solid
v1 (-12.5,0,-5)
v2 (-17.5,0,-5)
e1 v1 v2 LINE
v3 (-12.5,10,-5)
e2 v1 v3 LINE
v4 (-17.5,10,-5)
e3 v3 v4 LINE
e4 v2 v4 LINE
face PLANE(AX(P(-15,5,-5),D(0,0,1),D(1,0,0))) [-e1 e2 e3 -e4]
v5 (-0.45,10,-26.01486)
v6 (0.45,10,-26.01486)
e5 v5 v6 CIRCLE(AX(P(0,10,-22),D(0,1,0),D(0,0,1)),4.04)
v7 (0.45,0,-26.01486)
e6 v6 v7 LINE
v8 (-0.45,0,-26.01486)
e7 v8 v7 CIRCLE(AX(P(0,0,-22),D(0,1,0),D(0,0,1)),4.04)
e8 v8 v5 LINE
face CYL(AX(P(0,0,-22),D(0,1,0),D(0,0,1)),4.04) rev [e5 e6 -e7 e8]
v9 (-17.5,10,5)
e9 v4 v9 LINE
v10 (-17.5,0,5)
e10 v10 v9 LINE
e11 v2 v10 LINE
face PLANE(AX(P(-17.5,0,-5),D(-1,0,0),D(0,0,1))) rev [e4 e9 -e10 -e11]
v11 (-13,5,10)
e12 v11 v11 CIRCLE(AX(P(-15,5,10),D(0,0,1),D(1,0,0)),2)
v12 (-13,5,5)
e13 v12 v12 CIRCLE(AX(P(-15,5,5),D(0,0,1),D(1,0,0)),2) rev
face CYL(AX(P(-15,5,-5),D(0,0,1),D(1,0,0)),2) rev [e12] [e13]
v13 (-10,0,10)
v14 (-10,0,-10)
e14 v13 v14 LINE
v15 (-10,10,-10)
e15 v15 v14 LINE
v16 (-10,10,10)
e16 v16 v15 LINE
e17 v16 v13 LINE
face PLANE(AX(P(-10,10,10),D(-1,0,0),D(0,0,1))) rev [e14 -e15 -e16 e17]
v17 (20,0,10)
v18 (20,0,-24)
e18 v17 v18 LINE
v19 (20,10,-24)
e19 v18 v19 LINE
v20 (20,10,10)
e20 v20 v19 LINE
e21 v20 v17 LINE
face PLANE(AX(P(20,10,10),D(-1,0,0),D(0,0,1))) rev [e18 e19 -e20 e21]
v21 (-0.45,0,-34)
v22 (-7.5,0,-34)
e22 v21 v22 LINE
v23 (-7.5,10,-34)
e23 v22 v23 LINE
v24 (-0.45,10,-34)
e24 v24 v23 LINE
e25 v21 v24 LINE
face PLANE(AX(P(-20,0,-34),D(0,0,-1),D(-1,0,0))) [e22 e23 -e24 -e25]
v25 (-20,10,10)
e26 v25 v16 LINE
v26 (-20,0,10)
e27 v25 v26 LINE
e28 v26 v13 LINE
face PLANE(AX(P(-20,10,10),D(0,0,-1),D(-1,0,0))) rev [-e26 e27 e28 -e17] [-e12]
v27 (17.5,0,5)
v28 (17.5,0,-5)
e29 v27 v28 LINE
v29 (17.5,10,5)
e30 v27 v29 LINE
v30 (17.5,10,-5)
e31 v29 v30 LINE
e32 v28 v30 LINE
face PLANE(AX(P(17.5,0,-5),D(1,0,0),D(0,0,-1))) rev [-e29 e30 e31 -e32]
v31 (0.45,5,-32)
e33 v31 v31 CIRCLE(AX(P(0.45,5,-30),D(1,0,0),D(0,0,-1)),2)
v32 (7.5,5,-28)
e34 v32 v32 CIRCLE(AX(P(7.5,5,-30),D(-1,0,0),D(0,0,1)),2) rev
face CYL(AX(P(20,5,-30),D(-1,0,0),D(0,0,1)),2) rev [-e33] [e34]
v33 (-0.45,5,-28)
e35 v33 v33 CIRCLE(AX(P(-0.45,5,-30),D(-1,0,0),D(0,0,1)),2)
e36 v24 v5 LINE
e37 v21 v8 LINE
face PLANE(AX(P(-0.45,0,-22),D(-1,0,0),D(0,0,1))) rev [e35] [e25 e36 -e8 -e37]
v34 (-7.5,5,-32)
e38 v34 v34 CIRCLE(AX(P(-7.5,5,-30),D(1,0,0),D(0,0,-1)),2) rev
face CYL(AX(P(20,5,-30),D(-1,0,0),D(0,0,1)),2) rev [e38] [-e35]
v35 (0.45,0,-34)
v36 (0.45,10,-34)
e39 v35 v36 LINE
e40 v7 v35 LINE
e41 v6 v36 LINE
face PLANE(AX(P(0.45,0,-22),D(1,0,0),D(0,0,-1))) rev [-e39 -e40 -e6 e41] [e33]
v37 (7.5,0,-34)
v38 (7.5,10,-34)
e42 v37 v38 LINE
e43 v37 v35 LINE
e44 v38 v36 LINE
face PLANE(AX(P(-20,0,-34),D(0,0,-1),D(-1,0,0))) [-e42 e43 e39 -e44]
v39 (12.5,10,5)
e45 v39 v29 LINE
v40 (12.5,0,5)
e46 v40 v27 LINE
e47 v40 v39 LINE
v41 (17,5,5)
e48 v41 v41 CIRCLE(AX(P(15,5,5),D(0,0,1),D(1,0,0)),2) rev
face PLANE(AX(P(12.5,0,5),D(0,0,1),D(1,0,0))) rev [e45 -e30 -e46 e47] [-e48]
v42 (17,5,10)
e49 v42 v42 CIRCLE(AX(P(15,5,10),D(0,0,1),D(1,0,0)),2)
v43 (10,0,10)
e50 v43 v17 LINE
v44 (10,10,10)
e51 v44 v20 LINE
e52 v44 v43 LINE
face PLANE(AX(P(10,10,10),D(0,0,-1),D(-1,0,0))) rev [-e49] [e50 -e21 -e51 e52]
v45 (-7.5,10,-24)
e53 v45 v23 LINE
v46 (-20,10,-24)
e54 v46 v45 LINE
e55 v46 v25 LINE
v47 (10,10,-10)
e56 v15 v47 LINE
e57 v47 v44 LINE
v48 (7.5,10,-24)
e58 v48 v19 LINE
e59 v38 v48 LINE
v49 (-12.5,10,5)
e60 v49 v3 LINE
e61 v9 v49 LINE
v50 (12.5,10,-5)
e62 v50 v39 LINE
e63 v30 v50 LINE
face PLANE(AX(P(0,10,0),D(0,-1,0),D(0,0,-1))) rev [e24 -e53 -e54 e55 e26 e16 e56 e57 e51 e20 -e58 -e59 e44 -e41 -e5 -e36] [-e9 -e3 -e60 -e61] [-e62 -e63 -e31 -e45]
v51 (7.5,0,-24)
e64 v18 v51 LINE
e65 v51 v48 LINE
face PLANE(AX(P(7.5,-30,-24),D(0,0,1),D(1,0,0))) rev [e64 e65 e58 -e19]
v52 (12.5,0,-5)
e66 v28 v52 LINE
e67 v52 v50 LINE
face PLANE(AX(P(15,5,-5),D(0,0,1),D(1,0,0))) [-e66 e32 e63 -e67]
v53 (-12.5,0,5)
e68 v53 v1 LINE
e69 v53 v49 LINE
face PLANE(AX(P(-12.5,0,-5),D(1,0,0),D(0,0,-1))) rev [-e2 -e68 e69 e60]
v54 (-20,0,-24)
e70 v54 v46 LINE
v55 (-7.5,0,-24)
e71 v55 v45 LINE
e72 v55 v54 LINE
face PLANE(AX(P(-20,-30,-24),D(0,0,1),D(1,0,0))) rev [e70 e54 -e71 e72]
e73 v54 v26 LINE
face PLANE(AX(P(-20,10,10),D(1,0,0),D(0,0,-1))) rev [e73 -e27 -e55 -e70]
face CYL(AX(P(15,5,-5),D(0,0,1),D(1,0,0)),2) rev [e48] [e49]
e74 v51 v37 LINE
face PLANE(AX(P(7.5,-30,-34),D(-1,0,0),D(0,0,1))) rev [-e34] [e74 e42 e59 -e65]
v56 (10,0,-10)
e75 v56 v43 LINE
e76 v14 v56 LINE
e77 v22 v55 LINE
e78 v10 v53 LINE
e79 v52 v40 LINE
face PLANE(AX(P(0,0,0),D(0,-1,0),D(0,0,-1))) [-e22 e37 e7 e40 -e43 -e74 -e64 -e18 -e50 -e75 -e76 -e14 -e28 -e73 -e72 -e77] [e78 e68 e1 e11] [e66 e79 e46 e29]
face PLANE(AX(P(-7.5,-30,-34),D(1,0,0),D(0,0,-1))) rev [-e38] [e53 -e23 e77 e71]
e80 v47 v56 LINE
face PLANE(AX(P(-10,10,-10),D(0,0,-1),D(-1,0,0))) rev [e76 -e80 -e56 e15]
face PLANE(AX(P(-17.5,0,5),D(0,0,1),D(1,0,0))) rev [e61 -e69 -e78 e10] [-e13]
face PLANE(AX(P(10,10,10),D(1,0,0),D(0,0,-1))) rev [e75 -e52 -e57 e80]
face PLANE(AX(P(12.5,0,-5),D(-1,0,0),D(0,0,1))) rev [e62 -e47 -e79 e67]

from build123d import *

# Parameters (mm, degrees)
BOSS_EXTRUDE1_DEPTH = 10
SKETCH2_R           = 2
CUT_EXTRUDE1_DEPTH  = 15
SKETCH3_R           = 2
CUT_EXTRUDE2_DEPTH  = 11
SKETCH4_W           = 40
SKETCH4_H           = 24
BOSS_EXTRUDE2_DEPTH = 10
SKETCH5_R           = 4.04
CUT_EXTRUDE3_DEPTH  = 41.693979899
SKETCH6_W           = 0.9
SKETCH6_H           = 12
CUT_EXTRUDE4_DEPTH  = 41.693979899
SKETCH8_R           = 2
CUT_EXTRUDE5_DEPTH  = 40
SKETCH9_W           = 12.5
SKETCH9_H           = 10
CUT_EXTRUDE6_DEPTH  = 40
SKETCH10_W          = 5
SKETCH10_H          = 10
CUT_EXTRUDE7_DEPTH  = 10


with BuildPart() as part:
    # Sketch1 → Boss-Extrude1 (new body)
    with BuildSketch(Plane(origin=(0, 0, 0), x_dir=(1, 0, 0), z_dir=(0, 1, 0))):
        Polygon((-20, -10), (-20, 20), (20, 20), (20, -10), (10, -10), (10, 10), (-10, 10), (-10, -10), align=None)
    extrude(amount=BOSS_EXTRUDE1_DEPTH)

    # Sketch2 → Cut-Extrude1 (cut)
    with BuildSketch(Plane.XY.offset(10)):
        with Locations((-15, 5)):
            Circle(SKETCH2_R)
        with Locations((15, 5)):
            Circle(SKETCH2_R)
    extrude(amount=-CUT_EXTRUDE1_DEPTH, mode=Mode.SUBTRACT)

    # Sketch3 → Cut-Extrude2 (cut)
    with BuildSketch(Plane.XY.offset(-10)):
        with Locations((0, 5)):
            Circle(SKETCH3_R)
    extrude(amount=-CUT_EXTRUDE2_DEPTH, mode=Mode.SUBTRACT)

    # Sketch4 → Boss-Extrude2 (add, through all)
    with BuildSketch(Plane(origin=(0, 10, 0), x_dir=(1, 0, 0), z_dir=(0, 1, 0))):
        with Locations((0, 22)):
            Rectangle(SKETCH4_W, SKETCH4_H)
    extrude(amount=-BOSS_EXTRUDE2_DEPTH)

    # Sketch5 → Cut-Extrude3 (cut, through all)
    with BuildSketch(Plane(origin=(0, 10, 0), x_dir=(1, 0, 0), z_dir=(0, 1, 0))):
        with Locations(Location((0, 22, 0), (0, 0, 270))):
            Circle(SKETCH5_R)
    extrude(amount=-CUT_EXTRUDE3_DEPTH, mode=Mode.SUBTRACT)

    # Sketch6 → Cut-Extrude4 (cut, through all)
    with BuildSketch(Plane(origin=(0, 10, 0), x_dir=(1, 0, 0), z_dir=(0, 1, 0))):
        with Locations((0, 28)):
            Rectangle(SKETCH6_W, SKETCH6_H)
    extrude(amount=-CUT_EXTRUDE4_DEPTH, mode=Mode.SUBTRACT)

    # Sketch8 → Cut-Extrude5 (cut)
    with BuildSketch(Plane.ZY.offset(20)):
        with Locations((-30, 5)):
            Circle(SKETCH8_R)
    extrude(amount=-CUT_EXTRUDE5_DEPTH, mode=Mode.SUBTRACT)

    # Sketch9 → Cut-Extrude6 (cut)
    with BuildSketch(Plane(origin=(0, 10, 0), x_dir=(1, 0, 0), z_dir=(0, 1, 0))):
        with Locations((13.75, 29)):
            Rectangle(SKETCH9_W, SKETCH9_H)
        with Locations((-13.75, 29)):
            Rectangle(SKETCH9_W, SKETCH9_H)
    extrude(amount=-CUT_EXTRUDE6_DEPTH, mode=Mode.SUBTRACT)

    # Sketch10 → Cut-Extrude7 (cut)
    with BuildSketch(Plane(origin=(0, 10, 0), x_dir=(1, 0, 0), z_dir=(0, 1, 0))):
        with Locations((-15, 0)):
            Rectangle(SKETCH10_W, SKETCH10_H)
        with Locations((15, 0)):
            Rectangle(SKETCH10_W, SKETCH10_H)
    extrude(amount=-CUT_EXTRUDE7_DEPTH, mode=Mode.SUBTRACT)


solid = part.part
